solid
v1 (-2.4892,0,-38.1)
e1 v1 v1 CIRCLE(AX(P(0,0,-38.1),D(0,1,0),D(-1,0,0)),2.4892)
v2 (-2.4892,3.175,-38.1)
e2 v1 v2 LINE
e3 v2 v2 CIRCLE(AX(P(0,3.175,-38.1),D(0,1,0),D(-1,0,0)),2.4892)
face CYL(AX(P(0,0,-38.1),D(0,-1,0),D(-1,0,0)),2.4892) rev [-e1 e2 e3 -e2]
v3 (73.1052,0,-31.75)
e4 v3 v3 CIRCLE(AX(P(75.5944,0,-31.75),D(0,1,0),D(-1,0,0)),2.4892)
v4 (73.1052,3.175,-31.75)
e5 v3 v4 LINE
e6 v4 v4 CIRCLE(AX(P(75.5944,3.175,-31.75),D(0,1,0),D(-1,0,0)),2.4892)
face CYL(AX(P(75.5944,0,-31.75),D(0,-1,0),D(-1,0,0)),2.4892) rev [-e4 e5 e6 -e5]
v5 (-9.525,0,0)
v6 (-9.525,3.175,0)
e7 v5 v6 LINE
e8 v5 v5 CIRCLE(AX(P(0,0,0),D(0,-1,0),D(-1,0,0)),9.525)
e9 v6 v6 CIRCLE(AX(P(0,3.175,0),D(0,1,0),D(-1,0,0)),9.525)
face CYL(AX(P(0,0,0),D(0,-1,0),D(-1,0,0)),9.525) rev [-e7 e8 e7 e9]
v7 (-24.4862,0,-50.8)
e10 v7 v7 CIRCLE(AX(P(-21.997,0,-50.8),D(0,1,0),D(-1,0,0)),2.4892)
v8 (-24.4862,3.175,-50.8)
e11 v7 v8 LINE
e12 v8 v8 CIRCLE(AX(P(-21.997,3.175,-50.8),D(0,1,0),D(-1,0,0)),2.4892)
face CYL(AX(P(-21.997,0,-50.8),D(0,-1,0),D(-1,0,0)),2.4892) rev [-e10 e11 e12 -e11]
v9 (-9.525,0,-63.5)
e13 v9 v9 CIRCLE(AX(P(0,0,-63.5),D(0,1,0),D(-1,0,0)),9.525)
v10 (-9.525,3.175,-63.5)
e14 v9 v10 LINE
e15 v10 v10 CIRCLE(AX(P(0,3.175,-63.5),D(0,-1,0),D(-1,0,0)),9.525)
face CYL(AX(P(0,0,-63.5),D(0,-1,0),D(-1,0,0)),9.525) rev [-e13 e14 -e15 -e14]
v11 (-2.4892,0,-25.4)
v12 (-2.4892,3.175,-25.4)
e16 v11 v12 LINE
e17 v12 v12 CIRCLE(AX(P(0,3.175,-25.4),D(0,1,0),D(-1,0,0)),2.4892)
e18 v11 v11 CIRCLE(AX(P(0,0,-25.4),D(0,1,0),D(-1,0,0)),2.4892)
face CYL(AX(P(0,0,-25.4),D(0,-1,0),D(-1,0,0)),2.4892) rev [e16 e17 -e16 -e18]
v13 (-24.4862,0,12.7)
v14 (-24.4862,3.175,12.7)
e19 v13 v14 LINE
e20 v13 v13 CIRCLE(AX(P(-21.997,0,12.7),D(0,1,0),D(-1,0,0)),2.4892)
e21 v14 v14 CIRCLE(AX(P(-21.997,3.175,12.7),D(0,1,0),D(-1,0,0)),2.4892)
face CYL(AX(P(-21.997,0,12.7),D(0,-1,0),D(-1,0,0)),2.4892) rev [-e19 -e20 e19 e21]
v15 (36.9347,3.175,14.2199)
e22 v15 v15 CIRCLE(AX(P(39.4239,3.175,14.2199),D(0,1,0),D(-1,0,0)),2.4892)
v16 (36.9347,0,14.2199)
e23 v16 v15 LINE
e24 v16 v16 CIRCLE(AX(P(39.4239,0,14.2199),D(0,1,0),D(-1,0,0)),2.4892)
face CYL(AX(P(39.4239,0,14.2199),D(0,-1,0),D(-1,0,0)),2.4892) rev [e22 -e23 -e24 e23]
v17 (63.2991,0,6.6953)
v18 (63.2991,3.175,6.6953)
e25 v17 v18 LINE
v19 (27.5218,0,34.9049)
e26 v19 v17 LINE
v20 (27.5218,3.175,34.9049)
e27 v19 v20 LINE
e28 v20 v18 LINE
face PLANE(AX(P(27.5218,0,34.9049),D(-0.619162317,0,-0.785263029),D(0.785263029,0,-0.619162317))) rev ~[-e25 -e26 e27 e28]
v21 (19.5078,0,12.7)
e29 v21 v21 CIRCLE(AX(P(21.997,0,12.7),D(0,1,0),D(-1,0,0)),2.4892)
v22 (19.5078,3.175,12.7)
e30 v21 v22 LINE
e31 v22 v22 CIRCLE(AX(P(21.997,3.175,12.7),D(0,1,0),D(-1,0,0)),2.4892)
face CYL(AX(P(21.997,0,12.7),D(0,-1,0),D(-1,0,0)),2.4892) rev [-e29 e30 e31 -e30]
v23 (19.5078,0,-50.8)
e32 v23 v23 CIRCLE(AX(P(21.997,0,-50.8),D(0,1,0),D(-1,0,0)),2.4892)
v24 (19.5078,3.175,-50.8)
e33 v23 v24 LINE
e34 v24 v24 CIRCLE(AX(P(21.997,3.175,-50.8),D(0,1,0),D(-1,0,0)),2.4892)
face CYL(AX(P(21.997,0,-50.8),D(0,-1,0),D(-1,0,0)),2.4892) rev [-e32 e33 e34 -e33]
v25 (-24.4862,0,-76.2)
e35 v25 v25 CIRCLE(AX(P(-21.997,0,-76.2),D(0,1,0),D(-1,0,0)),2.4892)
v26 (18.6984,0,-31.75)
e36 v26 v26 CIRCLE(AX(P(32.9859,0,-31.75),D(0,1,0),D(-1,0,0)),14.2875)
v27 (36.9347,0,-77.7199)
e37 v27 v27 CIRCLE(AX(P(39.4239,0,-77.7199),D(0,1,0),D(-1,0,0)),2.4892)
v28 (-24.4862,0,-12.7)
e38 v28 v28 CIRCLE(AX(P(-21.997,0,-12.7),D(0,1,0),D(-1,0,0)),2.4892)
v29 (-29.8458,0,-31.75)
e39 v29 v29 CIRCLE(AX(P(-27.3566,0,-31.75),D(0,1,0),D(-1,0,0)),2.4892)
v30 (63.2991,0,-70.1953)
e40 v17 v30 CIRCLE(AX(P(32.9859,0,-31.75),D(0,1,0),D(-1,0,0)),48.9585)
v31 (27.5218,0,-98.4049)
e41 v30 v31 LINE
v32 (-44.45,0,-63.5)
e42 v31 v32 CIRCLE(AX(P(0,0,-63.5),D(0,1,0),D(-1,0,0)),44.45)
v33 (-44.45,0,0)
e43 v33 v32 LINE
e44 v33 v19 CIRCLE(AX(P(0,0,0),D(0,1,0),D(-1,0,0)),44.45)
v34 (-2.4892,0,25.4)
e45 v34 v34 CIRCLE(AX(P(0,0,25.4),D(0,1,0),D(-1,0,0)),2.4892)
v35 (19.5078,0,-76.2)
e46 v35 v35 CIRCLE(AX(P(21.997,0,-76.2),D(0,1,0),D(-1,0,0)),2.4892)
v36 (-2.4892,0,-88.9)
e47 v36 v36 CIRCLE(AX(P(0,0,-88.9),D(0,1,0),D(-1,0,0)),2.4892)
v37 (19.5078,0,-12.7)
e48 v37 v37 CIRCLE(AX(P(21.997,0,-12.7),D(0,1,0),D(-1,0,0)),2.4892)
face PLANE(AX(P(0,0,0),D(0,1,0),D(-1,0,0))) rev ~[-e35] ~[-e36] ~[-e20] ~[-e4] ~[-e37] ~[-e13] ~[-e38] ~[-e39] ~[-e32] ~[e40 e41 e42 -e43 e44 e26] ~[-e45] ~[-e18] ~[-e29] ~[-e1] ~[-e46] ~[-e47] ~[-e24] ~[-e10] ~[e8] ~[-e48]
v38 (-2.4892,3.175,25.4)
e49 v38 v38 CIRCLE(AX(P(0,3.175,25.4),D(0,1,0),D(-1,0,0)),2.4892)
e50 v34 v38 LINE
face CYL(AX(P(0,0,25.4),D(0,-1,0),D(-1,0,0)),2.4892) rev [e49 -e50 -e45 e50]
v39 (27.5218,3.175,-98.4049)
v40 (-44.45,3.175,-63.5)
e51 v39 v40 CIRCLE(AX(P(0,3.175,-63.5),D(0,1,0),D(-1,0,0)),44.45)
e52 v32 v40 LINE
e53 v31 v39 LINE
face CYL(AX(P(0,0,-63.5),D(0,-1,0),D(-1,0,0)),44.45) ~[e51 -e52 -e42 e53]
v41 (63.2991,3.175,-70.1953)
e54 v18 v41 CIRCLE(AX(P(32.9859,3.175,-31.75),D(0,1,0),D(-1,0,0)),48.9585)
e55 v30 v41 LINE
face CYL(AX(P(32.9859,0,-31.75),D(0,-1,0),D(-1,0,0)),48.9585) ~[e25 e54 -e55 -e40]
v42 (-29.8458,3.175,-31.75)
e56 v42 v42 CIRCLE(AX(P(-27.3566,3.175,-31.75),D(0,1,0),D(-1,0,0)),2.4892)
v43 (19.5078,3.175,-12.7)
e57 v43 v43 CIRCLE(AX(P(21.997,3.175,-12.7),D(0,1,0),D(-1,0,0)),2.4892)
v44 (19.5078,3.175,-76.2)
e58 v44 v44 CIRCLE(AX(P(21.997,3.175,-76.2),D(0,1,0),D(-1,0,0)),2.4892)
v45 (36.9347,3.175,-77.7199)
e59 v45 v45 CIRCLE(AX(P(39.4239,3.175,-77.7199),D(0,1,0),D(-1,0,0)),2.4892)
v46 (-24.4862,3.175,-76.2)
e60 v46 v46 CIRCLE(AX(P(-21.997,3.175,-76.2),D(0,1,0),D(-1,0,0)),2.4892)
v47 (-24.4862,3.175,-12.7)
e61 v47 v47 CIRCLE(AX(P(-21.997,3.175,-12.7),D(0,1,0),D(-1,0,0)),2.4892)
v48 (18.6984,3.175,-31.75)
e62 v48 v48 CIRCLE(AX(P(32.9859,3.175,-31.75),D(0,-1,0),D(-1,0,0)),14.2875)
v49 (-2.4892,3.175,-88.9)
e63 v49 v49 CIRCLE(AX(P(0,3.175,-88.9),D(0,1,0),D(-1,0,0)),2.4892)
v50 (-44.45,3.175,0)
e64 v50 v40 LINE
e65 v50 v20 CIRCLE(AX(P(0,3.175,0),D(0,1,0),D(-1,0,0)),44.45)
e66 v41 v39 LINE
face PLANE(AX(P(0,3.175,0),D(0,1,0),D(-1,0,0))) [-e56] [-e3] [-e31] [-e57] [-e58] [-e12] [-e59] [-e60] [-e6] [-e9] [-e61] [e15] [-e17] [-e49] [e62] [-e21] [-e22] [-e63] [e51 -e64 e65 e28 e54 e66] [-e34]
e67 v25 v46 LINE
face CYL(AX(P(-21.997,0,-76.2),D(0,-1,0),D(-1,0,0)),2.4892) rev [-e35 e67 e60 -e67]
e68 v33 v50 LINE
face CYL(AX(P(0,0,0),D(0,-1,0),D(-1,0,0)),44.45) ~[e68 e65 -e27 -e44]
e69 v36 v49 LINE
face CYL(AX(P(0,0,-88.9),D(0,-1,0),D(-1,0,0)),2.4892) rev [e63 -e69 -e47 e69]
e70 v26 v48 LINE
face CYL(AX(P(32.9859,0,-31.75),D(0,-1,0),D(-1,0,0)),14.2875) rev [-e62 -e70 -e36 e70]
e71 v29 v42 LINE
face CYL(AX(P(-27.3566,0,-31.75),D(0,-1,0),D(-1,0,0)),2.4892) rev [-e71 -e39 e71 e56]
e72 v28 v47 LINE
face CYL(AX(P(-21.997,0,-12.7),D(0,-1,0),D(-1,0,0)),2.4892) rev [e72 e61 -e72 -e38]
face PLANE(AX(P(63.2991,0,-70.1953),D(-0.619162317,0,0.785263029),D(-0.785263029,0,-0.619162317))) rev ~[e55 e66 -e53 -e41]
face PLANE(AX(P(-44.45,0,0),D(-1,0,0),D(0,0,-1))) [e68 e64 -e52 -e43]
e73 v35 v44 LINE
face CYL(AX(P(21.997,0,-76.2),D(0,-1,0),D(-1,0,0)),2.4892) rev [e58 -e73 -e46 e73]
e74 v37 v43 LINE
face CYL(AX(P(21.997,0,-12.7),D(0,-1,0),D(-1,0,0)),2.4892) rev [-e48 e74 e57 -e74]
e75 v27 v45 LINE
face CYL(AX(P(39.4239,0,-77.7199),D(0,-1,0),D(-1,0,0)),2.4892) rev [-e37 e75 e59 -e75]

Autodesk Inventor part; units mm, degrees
ref_plane "YZ Plane" through (0, 0, 0) normal (1, 0, 0) x (0, 1, 0)
ref_plane "XZ Plane" through (0, 0, 0) normal (0, 1, 0) x (-1, 0, 0)
ref_plane "XY Plane" through (0, 0, 0) normal (0, 0, 1) x (1, 0, 0)
sketch "Sketch1" plane through (0, 0, 0) normal (0, 1, 0) x (-1, 0, 0)
  circle A0 centre (0, 0) radius 31.75 construction
  circle A1 centre (0, -63.5) radius 31.75 construction
  circle A2 centre (0, 0) radius 9.525
  circle A3 centre (0, -63.5) radius 9.525
  circle A4 centre (0, 0) radius 25.4 construction
  circle A5 centre (0, -63.5) radius 25.4 construction
  circle A6 centre (0, 25.4) radius 2.4892
  circle A7 centre (-21.997, 12.7) radius 2.4892
  circle A8 centre (-21.997, -12.7) radius 2.4892
  circle A9 centre (0, -25.4) radius 2.4892
  circle A10 centre (21.997, -12.7) radius 2.4892
  circle A11 centre (21.997, 12.7) radius 2.4892
  circle A12 centre (0, -88.9) radius 2.4892
  circle A13 centre (21.997, -76.2) radius 2.4892
  circle A14 centre (21.997, -50.8) radius 2.4892
  circle A15 centre (0, -38.1) radius 2.4892
  circle A16 centre (-21.997, -50.8) radius 2.4892
  circle A17 centre (-21.997, -76.2) radius 2.4892
  circle A18 centre (-32.9859, -31.75) radius 36.2585 construction
  circle A19 centre (-32.9859, -31.75) radius 14.2875
  circle A20 centre (0, -63.5) radius 44.45
  circle A21 centre (0, 0) radius 44.45
  circle A22 centre (-32.9859, -31.75) radius 48.9585
  circle A23 centre (-39.4239, 14.2199) radius 2.4892
  circle A24 centre (-39.4239, 14.2199) radius 6.35 construction
  line L0 (-29.8666, 10.7726) -> (-33.4506, 12.0653) construction
  line L1 (-38.5432, 7.9312) -> (-38.0147, 4.1581) construction
  circle A25 centre (-39.4239, -77.7199) radius 2.4892
  circle A26 centre (-39.4239, -77.7199) radius 6.35 construction
  line L2 (-33.4506, -75.5653) -> (-29.8666, -74.2726) construction
  line L3 (-38.5432, -71.4312) -> (-38.0147, -67.6581) construction
  circle A27 centre (27.3566, -31.75) radius 2.4892
  circle A28 centre (27.3566, -31.75) radius 6.35 construction
  line L4 (23.2117, -26.9394) -> (20.7247, -24.053) construction
  line L5 (23.2117, -36.5606) -> (20.7247, -39.447) construction
  line L6 (44.45, 0) -> (44.45, -63.5)
  line L7 (-27.5218, 34.9049) -> (-63.2991, 6.6953)
  line L8 (-63.2991, -70.1953) -> (-27.5218, -98.4049)
  circle A29 centre (-75.5944, -31.75) radius 6.35 construction
  circle A30 centre (-75.5944, -31.75) radius 2.4892
  point P0 (31.1085, -31.75)
  dimension "d4" = 50.8
  dimension "d0" = 63.5
  dimension "d2" = 19.05
  dimension "d5" = 4.9784
  dimension "d8" = 360
  dimension "d12" = 360
  dimension "d14" = 72.517
  dimension "d15" = 28.575
  dimension "d38" = 45.7835
  dimension "d39" = 12.7
  dimension "d40" = 12.7
  dimension "d41" = 12.7
  dimension "d42" = 4.9784
  dimension "d43" = 12.7
  dimension "d44" = 3.81
extrude "Extrusion2" add sketch "Sketch1" along normal blind 3.175 contours A2 A22 A21 A20 | A2 A22 A20 A19 A21 | A22 L7 A21 | A21 A19 A20 A22 | A22 A21 A19 A20 | A20 A21 A22 | A21 L6 A20 | A20 A22 A3 A21 | A19 A21 A22 A3 A20 | A22 A20 L8
properties part number "Gearboxes_3_thingy that holds motors and more" material "Aluminum 6061"
